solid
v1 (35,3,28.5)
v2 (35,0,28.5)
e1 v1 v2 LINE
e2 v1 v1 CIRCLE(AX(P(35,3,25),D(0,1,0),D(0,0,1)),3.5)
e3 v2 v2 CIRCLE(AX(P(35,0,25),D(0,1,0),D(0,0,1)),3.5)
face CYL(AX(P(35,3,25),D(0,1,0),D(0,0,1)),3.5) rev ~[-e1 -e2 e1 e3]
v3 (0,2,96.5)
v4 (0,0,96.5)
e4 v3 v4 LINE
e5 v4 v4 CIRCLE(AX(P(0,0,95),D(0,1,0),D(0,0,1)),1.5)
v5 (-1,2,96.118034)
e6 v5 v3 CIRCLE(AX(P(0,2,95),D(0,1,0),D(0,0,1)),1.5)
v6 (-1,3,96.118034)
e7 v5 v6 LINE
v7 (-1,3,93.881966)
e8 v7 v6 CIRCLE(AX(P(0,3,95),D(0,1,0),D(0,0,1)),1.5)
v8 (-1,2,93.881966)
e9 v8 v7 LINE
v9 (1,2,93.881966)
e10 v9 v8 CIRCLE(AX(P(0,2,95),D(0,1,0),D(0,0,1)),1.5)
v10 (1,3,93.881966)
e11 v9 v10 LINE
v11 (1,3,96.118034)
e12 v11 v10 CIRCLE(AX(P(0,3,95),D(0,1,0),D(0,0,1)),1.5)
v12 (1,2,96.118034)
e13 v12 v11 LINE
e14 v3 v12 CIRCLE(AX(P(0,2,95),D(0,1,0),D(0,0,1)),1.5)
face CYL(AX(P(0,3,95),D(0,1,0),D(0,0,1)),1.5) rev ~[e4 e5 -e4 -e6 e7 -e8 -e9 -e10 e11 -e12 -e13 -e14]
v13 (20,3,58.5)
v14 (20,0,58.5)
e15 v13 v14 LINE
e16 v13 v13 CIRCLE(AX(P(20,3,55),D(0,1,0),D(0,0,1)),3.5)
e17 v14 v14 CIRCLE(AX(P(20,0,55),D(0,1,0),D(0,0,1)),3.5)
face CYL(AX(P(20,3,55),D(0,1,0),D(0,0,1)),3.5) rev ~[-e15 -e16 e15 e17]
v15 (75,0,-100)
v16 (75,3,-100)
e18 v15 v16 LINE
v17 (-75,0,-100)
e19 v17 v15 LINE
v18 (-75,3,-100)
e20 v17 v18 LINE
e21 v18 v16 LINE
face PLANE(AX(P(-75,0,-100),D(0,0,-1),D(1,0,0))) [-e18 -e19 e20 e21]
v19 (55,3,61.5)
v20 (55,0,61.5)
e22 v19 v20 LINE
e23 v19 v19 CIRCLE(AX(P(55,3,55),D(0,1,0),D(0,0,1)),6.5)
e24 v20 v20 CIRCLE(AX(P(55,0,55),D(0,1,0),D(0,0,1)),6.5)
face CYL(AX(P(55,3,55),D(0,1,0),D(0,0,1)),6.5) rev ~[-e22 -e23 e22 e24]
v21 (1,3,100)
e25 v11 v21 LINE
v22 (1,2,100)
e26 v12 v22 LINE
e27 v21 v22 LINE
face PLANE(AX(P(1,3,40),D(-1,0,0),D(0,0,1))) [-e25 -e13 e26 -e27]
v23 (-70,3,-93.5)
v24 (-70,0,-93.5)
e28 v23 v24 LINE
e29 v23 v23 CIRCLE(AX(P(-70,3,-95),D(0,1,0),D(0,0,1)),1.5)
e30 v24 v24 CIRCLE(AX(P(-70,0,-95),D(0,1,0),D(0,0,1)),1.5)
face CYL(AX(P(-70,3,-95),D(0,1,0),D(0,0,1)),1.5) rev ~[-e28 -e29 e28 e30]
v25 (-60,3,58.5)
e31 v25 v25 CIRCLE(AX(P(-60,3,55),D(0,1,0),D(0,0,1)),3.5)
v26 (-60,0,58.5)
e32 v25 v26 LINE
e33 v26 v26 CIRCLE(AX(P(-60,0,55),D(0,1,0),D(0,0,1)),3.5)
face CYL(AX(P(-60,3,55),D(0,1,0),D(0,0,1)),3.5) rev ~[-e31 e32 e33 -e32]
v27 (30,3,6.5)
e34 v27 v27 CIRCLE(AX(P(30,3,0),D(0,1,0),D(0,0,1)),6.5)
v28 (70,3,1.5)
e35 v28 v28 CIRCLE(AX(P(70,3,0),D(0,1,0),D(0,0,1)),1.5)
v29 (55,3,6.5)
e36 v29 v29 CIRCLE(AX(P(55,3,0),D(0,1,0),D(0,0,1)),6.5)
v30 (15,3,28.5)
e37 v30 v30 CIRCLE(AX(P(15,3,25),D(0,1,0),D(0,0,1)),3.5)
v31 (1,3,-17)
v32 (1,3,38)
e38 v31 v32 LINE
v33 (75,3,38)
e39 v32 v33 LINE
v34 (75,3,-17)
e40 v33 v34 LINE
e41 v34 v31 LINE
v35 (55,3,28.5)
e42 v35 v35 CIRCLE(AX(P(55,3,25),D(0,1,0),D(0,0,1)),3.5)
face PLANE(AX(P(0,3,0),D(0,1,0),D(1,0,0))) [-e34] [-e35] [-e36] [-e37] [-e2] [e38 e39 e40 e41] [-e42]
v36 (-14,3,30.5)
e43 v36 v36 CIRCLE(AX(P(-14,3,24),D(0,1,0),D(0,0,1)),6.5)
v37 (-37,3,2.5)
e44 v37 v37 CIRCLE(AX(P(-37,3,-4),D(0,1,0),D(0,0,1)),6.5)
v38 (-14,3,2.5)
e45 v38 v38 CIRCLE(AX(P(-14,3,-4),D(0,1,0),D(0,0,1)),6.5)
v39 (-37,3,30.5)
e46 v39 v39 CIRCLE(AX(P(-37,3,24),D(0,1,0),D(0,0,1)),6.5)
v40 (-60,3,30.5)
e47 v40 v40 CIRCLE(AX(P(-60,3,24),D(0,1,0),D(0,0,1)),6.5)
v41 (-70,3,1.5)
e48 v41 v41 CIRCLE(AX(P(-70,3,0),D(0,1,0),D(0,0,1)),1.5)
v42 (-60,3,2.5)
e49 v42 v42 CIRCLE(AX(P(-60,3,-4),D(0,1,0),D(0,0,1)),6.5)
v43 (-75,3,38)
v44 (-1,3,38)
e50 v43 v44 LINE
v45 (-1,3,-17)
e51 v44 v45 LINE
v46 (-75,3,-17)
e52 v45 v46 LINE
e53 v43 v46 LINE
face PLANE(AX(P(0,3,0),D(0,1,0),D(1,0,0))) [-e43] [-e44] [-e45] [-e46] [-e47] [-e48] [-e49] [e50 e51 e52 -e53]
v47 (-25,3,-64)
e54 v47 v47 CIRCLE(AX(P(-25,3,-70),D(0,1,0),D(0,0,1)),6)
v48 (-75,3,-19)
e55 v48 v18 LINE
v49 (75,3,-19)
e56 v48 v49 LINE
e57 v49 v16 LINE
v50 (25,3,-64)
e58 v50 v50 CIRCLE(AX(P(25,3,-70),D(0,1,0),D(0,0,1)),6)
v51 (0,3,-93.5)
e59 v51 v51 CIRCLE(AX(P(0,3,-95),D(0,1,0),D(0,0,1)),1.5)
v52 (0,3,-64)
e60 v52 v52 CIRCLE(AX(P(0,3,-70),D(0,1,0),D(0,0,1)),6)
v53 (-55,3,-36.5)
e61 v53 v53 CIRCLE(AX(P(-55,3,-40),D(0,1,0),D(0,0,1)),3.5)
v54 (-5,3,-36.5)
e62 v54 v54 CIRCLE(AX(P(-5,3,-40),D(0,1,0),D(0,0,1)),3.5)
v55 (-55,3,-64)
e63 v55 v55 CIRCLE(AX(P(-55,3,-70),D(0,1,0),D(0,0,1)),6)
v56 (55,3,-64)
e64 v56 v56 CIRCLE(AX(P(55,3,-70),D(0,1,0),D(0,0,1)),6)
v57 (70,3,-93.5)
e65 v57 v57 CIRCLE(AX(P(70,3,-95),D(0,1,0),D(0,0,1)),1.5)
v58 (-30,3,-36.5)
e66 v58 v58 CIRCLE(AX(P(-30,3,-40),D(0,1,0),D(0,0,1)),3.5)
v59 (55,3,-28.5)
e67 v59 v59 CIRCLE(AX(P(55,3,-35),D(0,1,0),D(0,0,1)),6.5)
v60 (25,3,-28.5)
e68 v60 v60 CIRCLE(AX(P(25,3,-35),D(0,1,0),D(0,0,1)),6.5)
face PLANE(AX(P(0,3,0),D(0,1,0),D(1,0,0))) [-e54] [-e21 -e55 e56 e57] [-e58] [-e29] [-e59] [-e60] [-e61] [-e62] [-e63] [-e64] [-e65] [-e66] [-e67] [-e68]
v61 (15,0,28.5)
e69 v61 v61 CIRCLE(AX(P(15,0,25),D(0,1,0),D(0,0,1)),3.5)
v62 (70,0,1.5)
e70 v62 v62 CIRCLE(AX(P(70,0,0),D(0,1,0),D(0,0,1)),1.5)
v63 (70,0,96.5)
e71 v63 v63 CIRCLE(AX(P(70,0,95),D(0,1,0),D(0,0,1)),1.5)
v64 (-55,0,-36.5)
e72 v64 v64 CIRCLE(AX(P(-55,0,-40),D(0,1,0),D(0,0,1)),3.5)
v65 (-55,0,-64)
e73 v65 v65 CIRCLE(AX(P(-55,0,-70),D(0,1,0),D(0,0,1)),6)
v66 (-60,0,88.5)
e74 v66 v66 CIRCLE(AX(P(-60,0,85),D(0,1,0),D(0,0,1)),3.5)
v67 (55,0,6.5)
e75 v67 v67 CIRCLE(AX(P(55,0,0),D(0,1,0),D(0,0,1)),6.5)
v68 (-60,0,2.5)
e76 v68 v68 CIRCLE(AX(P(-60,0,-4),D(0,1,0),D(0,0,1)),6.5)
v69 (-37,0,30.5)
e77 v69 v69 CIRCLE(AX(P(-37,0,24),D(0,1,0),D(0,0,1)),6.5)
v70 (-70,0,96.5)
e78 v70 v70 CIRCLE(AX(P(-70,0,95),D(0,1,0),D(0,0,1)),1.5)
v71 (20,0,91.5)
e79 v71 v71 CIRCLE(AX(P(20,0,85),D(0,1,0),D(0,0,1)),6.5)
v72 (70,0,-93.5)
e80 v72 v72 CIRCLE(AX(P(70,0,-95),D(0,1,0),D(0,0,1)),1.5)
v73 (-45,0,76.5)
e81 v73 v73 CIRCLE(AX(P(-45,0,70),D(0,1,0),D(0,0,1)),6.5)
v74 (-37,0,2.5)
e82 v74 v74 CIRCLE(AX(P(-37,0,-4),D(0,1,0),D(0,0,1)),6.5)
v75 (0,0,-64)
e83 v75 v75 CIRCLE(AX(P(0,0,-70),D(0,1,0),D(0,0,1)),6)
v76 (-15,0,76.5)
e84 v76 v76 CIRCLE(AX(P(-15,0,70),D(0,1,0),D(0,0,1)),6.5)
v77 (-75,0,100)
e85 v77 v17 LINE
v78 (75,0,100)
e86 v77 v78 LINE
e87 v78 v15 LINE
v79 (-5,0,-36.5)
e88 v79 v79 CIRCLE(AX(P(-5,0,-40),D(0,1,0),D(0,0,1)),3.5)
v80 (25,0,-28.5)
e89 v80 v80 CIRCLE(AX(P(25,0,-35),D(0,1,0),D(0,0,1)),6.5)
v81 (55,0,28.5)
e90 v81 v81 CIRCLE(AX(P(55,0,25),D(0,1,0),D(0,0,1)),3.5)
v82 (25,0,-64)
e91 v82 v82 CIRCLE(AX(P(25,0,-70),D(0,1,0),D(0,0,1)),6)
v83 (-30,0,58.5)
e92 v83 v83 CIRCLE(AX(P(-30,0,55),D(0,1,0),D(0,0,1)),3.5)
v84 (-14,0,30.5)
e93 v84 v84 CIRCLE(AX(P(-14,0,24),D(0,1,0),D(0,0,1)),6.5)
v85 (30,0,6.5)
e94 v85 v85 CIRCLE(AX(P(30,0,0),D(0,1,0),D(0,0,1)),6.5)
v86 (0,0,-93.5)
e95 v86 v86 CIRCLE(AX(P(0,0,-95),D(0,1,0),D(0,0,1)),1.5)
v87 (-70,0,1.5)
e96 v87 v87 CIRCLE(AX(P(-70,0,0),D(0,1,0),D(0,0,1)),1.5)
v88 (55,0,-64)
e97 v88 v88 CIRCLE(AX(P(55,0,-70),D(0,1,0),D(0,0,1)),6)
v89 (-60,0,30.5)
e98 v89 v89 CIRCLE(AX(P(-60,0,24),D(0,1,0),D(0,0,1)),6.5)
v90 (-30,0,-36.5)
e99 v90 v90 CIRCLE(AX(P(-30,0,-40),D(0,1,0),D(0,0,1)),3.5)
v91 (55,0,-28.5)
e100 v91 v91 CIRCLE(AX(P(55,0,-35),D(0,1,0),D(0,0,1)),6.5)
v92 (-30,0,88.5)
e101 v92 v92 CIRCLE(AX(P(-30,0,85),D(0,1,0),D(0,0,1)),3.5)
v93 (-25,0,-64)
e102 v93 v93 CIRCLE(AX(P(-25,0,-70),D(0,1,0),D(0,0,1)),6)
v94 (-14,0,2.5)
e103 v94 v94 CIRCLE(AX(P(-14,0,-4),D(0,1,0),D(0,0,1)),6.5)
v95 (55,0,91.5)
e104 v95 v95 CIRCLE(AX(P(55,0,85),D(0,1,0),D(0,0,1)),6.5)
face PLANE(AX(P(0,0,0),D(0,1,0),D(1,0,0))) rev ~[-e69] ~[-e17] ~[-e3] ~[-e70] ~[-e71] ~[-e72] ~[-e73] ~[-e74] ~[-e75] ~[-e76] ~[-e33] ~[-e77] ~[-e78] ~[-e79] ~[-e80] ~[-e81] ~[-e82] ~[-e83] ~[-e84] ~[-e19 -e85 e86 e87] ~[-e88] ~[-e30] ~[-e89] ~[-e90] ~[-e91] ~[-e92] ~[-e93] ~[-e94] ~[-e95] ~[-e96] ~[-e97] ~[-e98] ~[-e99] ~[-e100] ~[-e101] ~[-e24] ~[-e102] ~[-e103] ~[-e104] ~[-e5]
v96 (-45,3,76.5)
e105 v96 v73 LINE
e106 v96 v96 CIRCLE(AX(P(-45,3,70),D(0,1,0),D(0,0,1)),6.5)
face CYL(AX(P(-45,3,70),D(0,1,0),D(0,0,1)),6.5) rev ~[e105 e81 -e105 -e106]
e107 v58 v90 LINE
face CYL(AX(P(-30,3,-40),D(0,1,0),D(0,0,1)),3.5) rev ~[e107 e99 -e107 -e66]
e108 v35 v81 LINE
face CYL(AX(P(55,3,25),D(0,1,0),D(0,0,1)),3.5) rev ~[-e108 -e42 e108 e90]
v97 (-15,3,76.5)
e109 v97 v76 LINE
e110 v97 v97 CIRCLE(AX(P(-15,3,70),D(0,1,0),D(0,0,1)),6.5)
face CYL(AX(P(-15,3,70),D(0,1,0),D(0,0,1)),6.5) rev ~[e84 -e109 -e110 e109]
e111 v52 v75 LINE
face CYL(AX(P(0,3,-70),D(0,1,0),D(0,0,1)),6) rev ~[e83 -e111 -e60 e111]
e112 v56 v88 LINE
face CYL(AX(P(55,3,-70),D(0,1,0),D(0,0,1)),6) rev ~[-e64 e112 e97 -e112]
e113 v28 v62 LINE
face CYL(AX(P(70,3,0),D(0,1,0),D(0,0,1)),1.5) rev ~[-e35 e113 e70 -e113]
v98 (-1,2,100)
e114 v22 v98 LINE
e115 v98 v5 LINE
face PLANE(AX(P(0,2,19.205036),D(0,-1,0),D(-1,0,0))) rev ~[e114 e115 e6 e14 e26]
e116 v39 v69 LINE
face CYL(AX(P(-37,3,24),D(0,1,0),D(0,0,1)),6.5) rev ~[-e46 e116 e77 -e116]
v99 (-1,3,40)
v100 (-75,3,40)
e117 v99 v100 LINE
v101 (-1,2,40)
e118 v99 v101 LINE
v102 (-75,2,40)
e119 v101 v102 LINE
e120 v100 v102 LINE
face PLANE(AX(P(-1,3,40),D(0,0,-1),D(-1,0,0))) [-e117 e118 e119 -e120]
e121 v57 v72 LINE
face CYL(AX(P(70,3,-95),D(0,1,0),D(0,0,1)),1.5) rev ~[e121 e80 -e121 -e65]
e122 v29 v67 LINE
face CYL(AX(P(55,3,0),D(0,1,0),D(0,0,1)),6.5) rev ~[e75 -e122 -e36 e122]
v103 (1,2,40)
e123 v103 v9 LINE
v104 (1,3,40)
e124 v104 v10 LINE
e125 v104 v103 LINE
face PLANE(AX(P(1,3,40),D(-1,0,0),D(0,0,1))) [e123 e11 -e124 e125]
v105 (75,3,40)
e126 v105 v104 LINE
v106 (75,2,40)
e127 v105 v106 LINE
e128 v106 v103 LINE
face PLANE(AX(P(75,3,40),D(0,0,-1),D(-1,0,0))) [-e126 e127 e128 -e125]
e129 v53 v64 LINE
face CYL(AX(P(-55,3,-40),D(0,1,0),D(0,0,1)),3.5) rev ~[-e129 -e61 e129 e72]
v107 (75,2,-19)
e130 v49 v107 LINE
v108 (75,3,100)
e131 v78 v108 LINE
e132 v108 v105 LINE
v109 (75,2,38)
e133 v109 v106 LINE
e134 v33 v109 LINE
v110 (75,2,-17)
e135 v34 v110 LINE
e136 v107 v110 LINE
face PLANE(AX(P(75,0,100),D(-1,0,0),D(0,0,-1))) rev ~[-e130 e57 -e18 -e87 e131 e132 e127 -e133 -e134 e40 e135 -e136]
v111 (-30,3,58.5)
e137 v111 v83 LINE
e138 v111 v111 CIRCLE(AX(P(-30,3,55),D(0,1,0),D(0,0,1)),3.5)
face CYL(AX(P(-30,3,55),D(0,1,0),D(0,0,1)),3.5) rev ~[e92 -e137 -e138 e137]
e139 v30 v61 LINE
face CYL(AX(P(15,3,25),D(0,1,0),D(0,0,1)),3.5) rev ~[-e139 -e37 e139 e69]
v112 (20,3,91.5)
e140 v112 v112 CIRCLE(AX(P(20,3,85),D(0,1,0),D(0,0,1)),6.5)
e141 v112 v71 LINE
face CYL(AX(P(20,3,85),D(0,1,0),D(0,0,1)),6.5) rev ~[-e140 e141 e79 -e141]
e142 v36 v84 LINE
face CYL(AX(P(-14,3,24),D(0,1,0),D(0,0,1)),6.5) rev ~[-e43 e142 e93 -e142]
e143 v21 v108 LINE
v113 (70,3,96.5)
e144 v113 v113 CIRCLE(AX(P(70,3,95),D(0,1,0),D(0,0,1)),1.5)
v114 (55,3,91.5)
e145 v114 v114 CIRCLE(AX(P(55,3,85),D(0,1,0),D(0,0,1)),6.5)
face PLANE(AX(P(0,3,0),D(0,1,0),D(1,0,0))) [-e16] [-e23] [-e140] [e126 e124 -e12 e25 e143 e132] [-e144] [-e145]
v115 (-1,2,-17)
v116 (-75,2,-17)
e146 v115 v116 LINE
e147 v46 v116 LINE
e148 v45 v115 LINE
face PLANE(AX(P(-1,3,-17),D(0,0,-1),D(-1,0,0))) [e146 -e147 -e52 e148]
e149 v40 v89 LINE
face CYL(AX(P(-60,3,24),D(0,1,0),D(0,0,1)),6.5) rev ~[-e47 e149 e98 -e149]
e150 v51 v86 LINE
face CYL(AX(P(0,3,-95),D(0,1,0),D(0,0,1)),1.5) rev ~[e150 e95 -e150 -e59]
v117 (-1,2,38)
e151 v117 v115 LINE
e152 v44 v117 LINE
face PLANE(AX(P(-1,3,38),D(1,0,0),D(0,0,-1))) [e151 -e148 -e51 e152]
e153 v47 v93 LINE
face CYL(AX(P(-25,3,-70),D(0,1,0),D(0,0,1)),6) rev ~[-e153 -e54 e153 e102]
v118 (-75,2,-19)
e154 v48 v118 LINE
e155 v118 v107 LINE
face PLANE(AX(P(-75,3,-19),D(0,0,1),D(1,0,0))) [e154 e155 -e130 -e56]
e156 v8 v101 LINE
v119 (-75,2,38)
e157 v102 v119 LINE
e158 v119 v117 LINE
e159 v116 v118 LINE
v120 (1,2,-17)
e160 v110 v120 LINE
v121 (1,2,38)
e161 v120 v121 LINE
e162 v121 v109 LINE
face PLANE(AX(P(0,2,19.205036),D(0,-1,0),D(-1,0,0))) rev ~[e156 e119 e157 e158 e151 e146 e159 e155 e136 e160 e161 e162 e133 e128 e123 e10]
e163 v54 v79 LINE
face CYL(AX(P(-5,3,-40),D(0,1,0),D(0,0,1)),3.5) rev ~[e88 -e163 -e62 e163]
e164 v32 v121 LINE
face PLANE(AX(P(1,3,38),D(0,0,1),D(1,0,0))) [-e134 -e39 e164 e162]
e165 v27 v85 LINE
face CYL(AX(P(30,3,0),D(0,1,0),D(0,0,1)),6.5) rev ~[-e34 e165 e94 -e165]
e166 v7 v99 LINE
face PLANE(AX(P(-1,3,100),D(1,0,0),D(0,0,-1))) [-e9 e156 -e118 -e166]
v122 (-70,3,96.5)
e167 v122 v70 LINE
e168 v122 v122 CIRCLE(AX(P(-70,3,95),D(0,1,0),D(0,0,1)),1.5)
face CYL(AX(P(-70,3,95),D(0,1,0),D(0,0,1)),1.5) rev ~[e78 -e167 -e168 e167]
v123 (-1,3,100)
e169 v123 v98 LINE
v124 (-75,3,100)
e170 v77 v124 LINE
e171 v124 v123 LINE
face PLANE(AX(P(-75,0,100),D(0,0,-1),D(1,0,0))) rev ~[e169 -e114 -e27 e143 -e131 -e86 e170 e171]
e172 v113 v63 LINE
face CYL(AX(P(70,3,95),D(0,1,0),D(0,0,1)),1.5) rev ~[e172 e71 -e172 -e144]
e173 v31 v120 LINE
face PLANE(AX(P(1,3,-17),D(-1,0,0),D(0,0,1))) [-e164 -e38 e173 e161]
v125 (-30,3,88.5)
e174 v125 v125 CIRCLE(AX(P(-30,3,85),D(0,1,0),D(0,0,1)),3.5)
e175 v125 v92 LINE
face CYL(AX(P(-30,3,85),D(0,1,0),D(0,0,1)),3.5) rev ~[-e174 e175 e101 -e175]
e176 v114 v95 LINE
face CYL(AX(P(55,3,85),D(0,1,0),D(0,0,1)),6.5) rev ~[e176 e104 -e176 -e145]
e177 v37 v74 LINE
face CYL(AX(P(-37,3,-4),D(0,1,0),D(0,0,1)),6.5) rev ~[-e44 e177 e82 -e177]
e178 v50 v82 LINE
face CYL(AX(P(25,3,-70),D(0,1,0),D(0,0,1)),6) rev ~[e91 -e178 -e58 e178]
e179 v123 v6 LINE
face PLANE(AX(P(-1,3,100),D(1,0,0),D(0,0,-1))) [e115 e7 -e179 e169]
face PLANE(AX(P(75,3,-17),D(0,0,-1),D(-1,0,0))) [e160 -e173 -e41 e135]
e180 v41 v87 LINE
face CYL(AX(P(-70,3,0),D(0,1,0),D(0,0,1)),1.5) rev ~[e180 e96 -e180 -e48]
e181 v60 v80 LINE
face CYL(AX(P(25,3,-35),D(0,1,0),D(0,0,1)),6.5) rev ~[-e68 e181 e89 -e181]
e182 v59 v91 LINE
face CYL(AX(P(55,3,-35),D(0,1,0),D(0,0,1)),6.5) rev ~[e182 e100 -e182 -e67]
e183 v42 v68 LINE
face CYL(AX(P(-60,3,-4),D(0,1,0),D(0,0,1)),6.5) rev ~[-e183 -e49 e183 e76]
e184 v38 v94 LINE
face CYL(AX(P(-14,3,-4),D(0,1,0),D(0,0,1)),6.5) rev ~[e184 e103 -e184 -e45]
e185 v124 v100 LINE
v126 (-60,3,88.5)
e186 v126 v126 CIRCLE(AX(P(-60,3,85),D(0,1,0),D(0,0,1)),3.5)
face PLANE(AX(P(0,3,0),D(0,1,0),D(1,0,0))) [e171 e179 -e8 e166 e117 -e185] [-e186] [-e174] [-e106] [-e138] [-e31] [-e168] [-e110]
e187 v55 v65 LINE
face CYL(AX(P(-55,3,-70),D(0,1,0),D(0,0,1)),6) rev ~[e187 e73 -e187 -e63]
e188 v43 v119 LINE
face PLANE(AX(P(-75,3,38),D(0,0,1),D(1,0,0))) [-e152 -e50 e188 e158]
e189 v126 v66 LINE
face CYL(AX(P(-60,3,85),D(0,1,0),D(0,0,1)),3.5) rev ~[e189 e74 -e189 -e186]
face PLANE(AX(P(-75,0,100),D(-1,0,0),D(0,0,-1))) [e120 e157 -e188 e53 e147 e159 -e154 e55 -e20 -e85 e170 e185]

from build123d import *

# Parameters (mm, degrees)
SKETCH1_W           = 150
SKETCH1_H           = 200
BOSS_EXTRUDE1_DEPTH = 3
BUTTONS_R           = 6
BUTTONS_R_2         = 6.5
BUTTONS_R_3         = 3.5
CUT_EXTRUDE2_DEPTH  = 126.035994817
CUT_EXTRUDE3_DEPTH  = 1
BOXHOLES_R          = 1.5
BOX_HOLES_CUT_DEPTH = 126.035994817


with BuildPart() as part:
    # Sketch1 → Boss-Extrude1 (new body)
    with BuildSketch(Plane(origin=(0, 0, 0), x_dir=(1, 0, 0), z_dir=(0, 1, 0))):
        Rectangle(SKETCH1_W, SKETCH1_H)
    extrude(amount=BOSS_EXTRUDE1_DEPTH)

    # Buttons → Cut-Extrude2 (cut, through all)
    with BuildSketch(Plane(origin=(0, 3, 0), x_dir=(1, 0, 0), z_dir=(0, 1, 0))):
        with Locations(Location((-55, 70, 0), (0, 0, 270))):
            Circle(BUTTONS_R)
        with Locations(Location((-25, 70, 0), (0, 0, 270))):
            Circle(BUTTONS_R)
        with Locations(Location((0, 70, 0), (0, 0, 270))):
            Circle(BUTTONS_R)
        with Locations(Location((55, 70, 0), (0, 0, 270))):
            Circle(BUTTONS_R)
        with Locations(Location((55, 35, 0), (0, 0, 270))):
            Circle(BUTTONS_R_2)
        with Locations(Location((25, 35, 0), (0, 0, 270))):
            Circle(BUTTONS_R_2)
        with Locations(Location((55, -55, 0), (0, 0, 270))):
            Circle(BUTTONS_R_2)
        with Locations(Location((-55, 40, 0), (0, 0, 270))):
            Circle(BUTTONS_R_3)
        with Locations(Location((-5, 40, 0), (0, 0, 270))):
            Circle(BUTTONS_R_3)
        with Locations(Location((-30, 40, 0), (0, 0, 270))):
            Circle(BUTTONS_R_3)
        with Locations(Location((55, -85, 0), (0, 0, 270))):
            Circle(BUTTONS_R_2)
        with Locations(Location((20, -85, 0), (0, 0, 270))):
            Circle(BUTTONS_R_2)
        with Locations(Location((20, -55, 0), (0, 0, 270))):
            Circle(BUTTONS_R_3)
        with Locations(Location((-60, -55, 0), (0, 0, 270))):
            Circle(BUTTONS_R_3)
        with Locations(Location((-30, -55, 0), (0, 0, 270))):
            Circle(BUTTONS_R_3)
        with Locations(Location((-60, -85, 0), (0, 0, 270))):
            Circle(BUTTONS_R_3)
        with Locations(Location((-30, -85, 0), (0, 0, 270))):
            Circle(BUTTONS_R_3)
        with Locations(Location((-45, -70, 0), (0, 0, 270))):
            Circle(BUTTONS_R_2)
        with Locations(Location((30, 0, 0), (0, 0, 270))):
            Circle(BUTTONS_R_2)
        with Locations(Location((55, 0, 0), (0, 0, 270))):
            Circle(BUTTONS_R_2)
        with Locations(Location((35, -25, 0), (0, 0, 270))):
            Circle(BUTTONS_R_3)
        with Locations(Location((55, -25, 0), (0, 0, 270))):
            Circle(BUTTONS_R_3)
        with Locations(Location((15, -25, 0), (0, 0, 270))):
            Circle(BUTTONS_R_3)
        with Locations(Location((-60, 4, 0), (0, 0, 270))):
            Circle(BUTTONS_R_2)
        with Locations(Location((-37, 4, 0), (0, 0, 270))):
            Circle(BUTTONS_R_2)
        with Locations(Location((-14, 4, 0), (0, 0, 270))):
            Circle(BUTTONS_R_2)
        with Locations(Location((-60, -24, 0), (0, 0, 270))):
            Circle(BUTTONS_R_2)
        with Locations(Location((-37, -24, 0), (0, 0, 270))):
            Circle(BUTTONS_R_2)
        with Locations(Location((-14, -24, 0), (0, 0, 270))):
            Circle(BUTTONS_R_2)
        with Locations(Location((25, 70, 0), (0, 0, 270))):
            Circle(BUTTONS_R)
        with Locations(Location((-15, -70, 0), (0, 0, 270))):
            Circle(BUTTONS_R_2)
    extrude(amount=-CUT_EXTRUDE2_DEPTH, mode=Mode.SUBTRACT)

    # Sketch3 → Cut-Extrude3 (cut)
    with BuildSketch(Plane(origin=(0, 3, 0), x_dir=(1, 0, 0), z_dir=(0, 1, 0))):
        Polygon((75, -40), (1, -40), (1, -100), (-1, -100), (-1, -40), (-75, -40), (-75, -38), (-1, -38), (-1, 17), (-75, 17), (-75, 19), (75, 19), (75, 17), (1, 17), (1, -38), (75, -38), align=None)
    extrude(amount=-CUT_EXTRUDE3_DEPTH, mode=Mode.SUBTRACT)

    # BoxHoles → Box Holes Cut (cut, through all)
    with BuildSketch(Plane(origin=(0, 3, 0), x_dir=(1, 0, 0), z_dir=(0, 1, 0))):
        with Locations(Location((-70, 95, 0), (0, 0, 270))):
            Circle(BOXHOLES_R)
        with Locations(Location((70, 95, 0), (0, 0, 270))):
            Circle(BOXHOLES_R)
        with Locations(Location((70, 0, 0), (0, 0, 270))):
            Circle(BOXHOLES_R)
        with Locations(Location((-70, 0, 0), (0, 0, 270))):
            Circle(BOXHOLES_R)
        with Locations(Location((-70, -95, 0), (0, 0, 270))):
            Circle(BOXHOLES_R)
        with Locations(Location((70, -95, 0), (0, 0, 270))):
            Circle(BOXHOLES_R)
        with Locations(Location((0, 95, 0), (0, 0, 270))):
            Circle(BOXHOLES_R)
        with Locations(Location((0, -95, 0), (0, 0, 270))):
            Circle(BOXHOLES_R)
    extrude(amount=-BOX_HOLES_CUT_DEPTH, mode=Mode.SUBTRACT)


solid = part.part
